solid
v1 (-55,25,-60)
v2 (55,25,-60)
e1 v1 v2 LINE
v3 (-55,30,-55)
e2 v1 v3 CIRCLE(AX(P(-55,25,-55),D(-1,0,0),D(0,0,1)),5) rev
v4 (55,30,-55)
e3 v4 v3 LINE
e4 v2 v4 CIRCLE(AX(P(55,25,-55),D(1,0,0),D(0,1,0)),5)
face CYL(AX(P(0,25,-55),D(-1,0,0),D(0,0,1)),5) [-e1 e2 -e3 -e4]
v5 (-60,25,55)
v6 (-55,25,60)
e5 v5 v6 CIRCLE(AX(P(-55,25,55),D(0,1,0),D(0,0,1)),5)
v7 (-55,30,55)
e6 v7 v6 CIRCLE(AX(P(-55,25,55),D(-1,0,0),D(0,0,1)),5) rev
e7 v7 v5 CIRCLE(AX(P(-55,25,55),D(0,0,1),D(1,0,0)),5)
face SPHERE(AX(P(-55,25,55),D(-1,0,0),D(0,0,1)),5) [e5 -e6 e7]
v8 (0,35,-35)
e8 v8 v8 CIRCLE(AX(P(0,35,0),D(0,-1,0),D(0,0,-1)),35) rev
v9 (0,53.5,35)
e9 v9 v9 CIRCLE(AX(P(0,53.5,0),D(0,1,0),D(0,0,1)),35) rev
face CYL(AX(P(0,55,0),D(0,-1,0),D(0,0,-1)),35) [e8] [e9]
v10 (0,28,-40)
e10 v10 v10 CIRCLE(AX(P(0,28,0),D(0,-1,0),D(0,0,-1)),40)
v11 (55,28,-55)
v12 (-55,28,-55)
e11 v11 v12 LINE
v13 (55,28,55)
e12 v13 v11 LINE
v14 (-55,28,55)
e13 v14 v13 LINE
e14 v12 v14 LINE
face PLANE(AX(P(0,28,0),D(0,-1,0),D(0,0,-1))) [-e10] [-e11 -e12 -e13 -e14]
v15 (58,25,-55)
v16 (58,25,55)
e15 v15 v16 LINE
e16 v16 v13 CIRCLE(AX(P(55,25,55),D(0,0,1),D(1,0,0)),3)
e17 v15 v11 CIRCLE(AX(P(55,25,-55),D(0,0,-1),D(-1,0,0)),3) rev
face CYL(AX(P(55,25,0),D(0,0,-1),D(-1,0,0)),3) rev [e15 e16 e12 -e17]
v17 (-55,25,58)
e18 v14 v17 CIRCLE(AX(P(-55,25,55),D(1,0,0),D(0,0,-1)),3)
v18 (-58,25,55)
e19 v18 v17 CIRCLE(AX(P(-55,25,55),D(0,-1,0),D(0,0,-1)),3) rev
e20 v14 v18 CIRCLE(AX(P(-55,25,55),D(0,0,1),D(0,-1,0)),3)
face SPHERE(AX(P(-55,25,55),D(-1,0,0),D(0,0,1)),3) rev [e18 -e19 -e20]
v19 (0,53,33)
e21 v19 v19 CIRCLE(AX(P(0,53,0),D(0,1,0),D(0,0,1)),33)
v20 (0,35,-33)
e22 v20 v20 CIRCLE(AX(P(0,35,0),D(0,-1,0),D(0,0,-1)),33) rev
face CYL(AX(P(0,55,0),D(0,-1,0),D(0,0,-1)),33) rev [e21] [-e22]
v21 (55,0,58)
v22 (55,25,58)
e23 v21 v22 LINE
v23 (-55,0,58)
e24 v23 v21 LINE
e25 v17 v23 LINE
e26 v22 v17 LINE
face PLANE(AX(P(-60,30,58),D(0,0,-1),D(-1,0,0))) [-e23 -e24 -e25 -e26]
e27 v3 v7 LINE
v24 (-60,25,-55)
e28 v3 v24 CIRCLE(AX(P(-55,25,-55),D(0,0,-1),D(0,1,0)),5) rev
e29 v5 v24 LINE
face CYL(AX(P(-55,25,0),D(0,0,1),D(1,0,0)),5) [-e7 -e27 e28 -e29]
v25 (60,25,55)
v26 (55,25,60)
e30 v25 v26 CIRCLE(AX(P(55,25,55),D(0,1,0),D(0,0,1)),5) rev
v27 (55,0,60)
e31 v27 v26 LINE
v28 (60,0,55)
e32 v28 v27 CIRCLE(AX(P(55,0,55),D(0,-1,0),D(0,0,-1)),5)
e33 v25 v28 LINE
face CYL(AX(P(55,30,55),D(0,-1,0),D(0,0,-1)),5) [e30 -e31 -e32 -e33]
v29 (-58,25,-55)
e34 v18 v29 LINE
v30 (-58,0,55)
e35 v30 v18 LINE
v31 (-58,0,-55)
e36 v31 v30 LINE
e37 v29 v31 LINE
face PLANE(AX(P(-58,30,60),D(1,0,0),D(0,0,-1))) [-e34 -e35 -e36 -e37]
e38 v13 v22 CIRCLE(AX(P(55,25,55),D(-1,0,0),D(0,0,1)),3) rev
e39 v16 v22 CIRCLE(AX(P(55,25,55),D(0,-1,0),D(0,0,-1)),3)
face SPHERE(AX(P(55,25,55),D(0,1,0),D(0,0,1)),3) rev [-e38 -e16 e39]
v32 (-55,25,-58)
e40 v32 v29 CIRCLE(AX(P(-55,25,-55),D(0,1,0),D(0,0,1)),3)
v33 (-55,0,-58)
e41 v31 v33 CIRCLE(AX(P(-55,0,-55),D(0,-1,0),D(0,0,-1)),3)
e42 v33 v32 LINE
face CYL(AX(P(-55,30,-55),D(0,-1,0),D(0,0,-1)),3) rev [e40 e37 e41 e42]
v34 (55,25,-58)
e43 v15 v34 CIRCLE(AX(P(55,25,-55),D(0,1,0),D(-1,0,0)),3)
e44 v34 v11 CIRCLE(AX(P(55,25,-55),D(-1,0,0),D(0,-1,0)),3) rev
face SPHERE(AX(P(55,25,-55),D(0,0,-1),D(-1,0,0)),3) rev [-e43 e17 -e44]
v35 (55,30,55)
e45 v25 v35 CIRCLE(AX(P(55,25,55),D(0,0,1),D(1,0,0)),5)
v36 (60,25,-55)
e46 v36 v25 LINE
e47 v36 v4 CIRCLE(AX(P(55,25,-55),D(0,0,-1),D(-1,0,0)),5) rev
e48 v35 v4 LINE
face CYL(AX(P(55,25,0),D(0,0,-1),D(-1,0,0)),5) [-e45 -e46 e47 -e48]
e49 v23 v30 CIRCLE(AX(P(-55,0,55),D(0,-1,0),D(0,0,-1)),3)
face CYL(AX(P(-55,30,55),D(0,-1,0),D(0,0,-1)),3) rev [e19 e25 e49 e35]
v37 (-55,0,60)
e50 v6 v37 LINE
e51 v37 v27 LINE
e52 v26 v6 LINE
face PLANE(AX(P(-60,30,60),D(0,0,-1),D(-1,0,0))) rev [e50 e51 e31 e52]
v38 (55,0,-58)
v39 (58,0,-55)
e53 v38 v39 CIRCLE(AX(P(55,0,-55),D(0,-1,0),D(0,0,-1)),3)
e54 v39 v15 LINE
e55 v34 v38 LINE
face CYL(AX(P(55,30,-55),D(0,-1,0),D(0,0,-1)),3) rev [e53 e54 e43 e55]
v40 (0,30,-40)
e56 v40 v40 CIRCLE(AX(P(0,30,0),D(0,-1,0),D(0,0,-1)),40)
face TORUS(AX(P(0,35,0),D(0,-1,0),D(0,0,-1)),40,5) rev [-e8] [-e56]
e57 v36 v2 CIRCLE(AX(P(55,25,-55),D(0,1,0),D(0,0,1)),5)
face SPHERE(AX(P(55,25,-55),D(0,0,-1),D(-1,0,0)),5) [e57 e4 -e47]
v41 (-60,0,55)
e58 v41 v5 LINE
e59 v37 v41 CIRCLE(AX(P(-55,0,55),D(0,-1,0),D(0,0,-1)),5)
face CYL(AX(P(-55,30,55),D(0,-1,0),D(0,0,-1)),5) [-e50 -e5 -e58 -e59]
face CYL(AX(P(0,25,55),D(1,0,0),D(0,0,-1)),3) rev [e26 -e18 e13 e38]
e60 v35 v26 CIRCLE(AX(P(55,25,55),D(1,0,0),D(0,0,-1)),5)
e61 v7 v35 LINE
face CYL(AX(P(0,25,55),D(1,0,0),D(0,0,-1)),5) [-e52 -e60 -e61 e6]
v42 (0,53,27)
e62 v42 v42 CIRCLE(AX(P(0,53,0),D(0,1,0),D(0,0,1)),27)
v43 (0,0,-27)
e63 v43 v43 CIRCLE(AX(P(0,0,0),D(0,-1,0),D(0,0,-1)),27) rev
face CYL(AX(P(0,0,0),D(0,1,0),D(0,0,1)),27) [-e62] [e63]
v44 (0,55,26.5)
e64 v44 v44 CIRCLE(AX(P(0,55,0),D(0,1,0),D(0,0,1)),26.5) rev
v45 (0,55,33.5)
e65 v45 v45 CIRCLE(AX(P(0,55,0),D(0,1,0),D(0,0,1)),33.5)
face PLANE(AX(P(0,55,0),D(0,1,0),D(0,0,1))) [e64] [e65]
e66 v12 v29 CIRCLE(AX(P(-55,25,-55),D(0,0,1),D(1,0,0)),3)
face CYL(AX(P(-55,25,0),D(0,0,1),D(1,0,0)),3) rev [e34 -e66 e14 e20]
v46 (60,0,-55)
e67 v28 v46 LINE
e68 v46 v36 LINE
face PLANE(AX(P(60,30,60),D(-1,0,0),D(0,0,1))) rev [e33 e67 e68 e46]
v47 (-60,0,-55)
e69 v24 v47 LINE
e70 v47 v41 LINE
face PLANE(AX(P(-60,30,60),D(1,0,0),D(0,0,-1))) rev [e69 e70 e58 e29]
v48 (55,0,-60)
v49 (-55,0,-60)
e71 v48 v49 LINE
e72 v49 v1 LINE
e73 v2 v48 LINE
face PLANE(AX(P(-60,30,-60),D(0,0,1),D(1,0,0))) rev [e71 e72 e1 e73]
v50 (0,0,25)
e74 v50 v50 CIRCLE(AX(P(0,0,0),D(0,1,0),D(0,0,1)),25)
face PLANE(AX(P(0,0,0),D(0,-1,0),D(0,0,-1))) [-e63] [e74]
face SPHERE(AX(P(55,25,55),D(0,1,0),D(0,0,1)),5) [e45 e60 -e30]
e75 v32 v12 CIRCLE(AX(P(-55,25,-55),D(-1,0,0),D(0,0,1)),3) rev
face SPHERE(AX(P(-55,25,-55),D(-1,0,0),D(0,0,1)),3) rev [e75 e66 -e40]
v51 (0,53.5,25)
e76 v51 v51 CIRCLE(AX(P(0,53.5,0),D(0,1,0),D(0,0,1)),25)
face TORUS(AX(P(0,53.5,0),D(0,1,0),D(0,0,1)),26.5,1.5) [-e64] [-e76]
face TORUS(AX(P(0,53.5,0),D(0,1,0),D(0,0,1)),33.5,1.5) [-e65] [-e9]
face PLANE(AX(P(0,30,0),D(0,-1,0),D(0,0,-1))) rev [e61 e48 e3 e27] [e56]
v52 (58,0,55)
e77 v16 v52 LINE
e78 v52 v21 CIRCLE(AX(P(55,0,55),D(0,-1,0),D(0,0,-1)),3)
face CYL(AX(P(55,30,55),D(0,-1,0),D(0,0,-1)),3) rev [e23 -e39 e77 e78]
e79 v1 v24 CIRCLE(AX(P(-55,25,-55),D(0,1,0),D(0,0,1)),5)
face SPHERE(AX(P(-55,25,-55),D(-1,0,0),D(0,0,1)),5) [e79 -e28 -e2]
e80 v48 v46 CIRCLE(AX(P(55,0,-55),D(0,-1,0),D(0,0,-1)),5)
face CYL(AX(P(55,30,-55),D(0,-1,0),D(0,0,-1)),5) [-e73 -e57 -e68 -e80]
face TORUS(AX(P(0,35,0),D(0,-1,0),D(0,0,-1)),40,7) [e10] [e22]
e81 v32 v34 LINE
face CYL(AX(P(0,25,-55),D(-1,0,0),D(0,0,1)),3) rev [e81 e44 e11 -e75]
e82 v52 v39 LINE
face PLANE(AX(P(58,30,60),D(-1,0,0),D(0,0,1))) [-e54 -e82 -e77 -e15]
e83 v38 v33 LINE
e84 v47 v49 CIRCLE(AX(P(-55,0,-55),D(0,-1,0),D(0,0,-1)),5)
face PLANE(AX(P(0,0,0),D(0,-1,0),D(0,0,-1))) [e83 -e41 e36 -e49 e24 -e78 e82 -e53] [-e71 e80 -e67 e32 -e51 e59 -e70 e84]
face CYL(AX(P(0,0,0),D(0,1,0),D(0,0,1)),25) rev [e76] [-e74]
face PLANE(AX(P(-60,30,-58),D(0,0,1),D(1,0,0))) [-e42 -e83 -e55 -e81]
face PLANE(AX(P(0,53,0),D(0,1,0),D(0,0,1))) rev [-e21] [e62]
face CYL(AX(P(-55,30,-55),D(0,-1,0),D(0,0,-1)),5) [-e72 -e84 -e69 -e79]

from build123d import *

# Parameters (mm, degrees)
SKETCH1_W           = 120
SKETCH1_H           = 120
BOSS_EXTRUDE1_DEPTH = 30
SKETCH2_R           = 35
BOSS_EXTRUDE2_DEPTH = 25
SKETCH3_R           = 25
CUT_EXTRUDE1_DEPTH  = 102.118742081
FILLET1_R           = 5
FILLET2_R           = 1.5
SHELL1_T            = -2


with BuildPart() as part:
    # Sketch1 → Boss-Extrude1 (new body)
    with BuildSketch(Plane(origin=(0, 0, 0), x_dir=(1, 0, 0), z_dir=(0, 1, 0))):
        Rectangle(SKETCH1_W, SKETCH1_H)
    extrude(amount=BOSS_EXTRUDE1_DEPTH)

    # Sketch2 → Boss-Extrude2 (add)
    with BuildSketch(Plane(origin=(0, 30, 0), x_dir=(1, 0, 0), z_dir=(0, 1, 0))):
        with Locations(Location((0, 0, 0), (0, 0, 270))):
            Circle(SKETCH2_R)
    extrude(amount=BOSS_EXTRUDE2_DEPTH)

    # Sketch3 → Cut-Extrude1 (cut, through all)
    with BuildSketch(Plane(origin=(0, 55, 0), x_dir=(1, 0, 0), z_dir=(0, 1, 0))):
        with Locations(Location((0, 0, 0), (0, 0, 270))):
            Circle(SKETCH3_R)
    extrude(amount=-CUT_EXTRUDE1_DEPTH, mode=Mode.SUBTRACT)

    # Fillet1
    fillet1_edges = [part.edges().sort_by_distance(p)[0] for p in [
        (-60, 30, 0),
        (0, 30, -35),
        (0, 30, 60),
        (60, 30, 0),
        (60, 15, 60),
        (-60, 15, 60),
        (-60, 15, -60),
        (60, 15, -60),
        (0, 30, -60),
    ]]
    fillet(fillet1_edges, radius=FILLET1_R)

    # Fillet2
    fillet2_edges = [part.edges().sort_by_distance(p)[0] for p in [
        (0, 55, -35),
        (0, 55, -25),
    ]]
    fillet(fillet2_edges, radius=FILLET2_R)

    # Shell1
    shell1_openings = [part.faces().sort_by_distance(p)[0] for p in [
        (0, 0, 58.302943725),
    ]]
    offset(amount=SHELL1_T, openings=shell1_openings, kind=Kind.INTERSECTION)


solid = part.part
